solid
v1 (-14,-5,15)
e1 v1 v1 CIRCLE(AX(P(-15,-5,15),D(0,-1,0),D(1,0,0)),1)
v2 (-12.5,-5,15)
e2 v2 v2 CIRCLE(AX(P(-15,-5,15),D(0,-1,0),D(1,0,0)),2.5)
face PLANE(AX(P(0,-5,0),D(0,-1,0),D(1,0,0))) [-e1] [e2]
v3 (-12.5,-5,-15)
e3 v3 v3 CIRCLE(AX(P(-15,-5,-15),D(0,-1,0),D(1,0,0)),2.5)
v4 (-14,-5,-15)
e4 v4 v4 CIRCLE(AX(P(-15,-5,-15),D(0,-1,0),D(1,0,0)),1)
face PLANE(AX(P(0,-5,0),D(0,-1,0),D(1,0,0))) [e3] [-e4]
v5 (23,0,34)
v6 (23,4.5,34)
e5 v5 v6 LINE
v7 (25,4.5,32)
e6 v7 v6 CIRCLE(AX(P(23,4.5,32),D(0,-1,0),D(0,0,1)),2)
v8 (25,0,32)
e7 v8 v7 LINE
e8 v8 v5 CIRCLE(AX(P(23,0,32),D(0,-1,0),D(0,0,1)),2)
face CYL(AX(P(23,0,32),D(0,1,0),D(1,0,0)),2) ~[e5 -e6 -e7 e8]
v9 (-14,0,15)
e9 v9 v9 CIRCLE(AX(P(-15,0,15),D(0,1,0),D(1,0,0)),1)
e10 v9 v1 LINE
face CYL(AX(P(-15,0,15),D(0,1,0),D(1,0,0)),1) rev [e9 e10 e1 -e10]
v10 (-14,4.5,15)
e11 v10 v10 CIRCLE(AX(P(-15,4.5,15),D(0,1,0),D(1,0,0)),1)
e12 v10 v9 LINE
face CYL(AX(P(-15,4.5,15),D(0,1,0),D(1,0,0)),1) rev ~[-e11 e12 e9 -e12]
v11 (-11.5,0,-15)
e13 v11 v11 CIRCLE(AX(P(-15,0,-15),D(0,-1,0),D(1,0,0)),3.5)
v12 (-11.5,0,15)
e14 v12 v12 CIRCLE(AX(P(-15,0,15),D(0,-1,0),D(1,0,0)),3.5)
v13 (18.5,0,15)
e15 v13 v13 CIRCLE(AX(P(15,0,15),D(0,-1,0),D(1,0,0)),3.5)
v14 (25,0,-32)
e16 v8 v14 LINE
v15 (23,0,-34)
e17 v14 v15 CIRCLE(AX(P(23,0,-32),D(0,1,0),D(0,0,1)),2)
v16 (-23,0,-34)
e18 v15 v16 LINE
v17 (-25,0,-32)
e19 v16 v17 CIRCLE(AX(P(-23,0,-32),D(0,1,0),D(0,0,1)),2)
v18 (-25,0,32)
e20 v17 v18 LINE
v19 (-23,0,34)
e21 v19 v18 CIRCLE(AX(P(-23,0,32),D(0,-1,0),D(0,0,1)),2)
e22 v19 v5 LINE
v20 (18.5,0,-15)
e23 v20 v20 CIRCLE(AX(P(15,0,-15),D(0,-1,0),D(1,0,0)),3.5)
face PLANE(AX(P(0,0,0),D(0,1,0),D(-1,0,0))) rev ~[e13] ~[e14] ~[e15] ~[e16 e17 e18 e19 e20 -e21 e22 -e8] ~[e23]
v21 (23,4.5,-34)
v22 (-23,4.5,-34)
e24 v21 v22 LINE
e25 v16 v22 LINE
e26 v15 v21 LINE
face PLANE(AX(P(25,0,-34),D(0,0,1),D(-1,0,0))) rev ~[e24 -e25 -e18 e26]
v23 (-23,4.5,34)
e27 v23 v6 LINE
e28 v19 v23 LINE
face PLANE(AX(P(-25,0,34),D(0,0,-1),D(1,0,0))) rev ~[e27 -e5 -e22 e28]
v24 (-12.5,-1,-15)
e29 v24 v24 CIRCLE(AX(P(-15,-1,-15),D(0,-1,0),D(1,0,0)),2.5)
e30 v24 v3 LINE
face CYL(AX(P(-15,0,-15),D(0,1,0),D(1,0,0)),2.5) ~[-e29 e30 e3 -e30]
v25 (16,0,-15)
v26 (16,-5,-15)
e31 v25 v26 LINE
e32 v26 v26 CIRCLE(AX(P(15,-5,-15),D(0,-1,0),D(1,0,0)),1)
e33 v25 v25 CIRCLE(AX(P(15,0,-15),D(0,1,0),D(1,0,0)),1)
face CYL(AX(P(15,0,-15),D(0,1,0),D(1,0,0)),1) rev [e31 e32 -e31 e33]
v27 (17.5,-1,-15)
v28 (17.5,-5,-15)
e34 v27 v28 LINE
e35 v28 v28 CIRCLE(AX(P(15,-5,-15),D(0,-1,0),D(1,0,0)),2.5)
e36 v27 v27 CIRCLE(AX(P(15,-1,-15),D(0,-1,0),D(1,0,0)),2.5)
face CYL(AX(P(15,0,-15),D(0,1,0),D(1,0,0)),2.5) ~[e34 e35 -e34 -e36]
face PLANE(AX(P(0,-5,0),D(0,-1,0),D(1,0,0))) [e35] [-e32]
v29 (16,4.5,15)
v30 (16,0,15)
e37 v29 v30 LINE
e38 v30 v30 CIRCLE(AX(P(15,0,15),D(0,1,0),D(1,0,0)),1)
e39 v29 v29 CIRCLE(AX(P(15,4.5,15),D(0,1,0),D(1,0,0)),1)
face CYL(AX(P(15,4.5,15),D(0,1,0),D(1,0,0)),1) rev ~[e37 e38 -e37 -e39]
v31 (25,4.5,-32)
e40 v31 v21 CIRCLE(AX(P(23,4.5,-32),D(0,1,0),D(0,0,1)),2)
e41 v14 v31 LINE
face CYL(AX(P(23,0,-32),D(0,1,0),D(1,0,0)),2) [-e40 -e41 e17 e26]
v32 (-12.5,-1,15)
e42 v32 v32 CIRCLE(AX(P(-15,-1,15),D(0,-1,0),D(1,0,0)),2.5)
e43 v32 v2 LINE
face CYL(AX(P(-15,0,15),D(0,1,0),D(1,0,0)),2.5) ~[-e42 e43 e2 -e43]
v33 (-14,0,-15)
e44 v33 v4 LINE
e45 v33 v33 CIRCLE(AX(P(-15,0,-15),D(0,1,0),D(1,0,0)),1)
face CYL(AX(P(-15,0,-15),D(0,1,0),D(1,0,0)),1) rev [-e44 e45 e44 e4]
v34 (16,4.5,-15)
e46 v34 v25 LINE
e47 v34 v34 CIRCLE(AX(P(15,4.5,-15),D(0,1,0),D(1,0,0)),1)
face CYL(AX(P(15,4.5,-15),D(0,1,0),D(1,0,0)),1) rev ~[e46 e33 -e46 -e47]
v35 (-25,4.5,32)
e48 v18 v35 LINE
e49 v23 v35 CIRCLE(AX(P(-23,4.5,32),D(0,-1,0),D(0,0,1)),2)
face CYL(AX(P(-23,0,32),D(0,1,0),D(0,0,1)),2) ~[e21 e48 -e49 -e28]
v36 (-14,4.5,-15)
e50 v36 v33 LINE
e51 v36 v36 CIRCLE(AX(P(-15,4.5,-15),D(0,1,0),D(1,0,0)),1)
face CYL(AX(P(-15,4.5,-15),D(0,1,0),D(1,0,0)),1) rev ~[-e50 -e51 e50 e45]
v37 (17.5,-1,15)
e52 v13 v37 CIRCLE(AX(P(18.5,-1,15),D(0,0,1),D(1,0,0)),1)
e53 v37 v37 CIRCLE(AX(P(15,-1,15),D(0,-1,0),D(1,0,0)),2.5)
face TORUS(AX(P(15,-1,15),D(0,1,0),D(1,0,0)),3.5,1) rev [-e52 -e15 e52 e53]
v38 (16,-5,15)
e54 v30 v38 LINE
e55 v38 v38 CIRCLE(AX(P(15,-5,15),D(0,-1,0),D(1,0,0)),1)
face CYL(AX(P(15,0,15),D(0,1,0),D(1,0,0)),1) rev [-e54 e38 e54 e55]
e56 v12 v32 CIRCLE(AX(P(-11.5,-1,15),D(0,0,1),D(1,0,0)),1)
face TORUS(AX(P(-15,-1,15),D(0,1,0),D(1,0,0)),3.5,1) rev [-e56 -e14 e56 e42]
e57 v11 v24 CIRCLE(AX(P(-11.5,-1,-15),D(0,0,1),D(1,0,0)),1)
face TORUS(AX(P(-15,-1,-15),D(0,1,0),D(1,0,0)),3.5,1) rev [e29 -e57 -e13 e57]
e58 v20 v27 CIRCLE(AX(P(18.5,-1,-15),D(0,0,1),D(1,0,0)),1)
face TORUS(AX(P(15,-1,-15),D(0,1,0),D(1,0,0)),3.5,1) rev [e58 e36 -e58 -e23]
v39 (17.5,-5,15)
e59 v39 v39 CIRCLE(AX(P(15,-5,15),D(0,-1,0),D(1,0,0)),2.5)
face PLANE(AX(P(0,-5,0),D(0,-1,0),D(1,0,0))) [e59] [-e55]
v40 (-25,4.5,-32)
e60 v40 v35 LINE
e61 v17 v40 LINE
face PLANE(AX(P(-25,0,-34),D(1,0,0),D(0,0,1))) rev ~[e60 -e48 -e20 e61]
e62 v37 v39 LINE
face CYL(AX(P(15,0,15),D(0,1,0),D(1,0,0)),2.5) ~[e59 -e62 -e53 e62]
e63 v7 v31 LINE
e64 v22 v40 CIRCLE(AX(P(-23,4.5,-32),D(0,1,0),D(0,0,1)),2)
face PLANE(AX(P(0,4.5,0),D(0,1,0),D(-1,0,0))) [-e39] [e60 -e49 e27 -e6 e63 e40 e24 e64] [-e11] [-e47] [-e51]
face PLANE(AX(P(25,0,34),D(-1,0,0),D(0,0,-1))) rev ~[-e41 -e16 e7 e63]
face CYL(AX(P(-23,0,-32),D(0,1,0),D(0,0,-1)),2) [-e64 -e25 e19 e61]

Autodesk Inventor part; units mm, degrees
ref_plane "YZ Plane" through (0, 0, 0) normal (1, 0, 0) x (0, 1, 0)
ref_plane "XZ Plane" through (0, 0, 0) normal (0, 1, 0) x (-1, 0, 0)
ref_plane "XY Plane" through (0, 0, 0) normal (0, 0, 1) x (1, 0, 0)
sketch "Sketch1" plane through (0, 0, 0) normal (0, 1, 0) x (-1, 0, 0)
  line L0 (-25, -34) -> (25, -34)
  line L1 (25, -34) -> (25, 34)
  line L2 (25, 34) -> (-25, 34)
  line L3 (-25, 34) -> (-25, -34)
  line L4 (-25, -34) -> (25, 34) construction
  line L5 (25, -34) -> (-25, 34) construction
  point P0 (0, 0)
  dimension "d0" = 50
  dimension "d1" = 68
extrude "Extrusion1" add sketch "Sketch1" along normal blind 4.5
sketch "Sketch2" plane through (0, 4.5, 0) normal (0, 1, 0) x (1, 0, 0)
  circle A0 centre (-15, 15) radius 1
  circle A1 centre (15, 15) radius 1
  circle A2 centre (15, -15) radius 1
  circle A3 centre (-15, -15) radius 1
  point P0 (0, 0)
  dimension "d4" = 2
  dimension "d5" = 2
  dimension "d6" = 2
  dimension "d7" = 2
extrude "Extrusion2" cut sketch "Sketch2" against normal blind 4.5
sketch "Sketch3" plane through (0, 0, 0) normal (0, -1, 0) x (1, 0, 0)
  circle A0 centre (15, 15) radius 2.5
  circle A1 centre (-15, 15) radius 2.5
  circle A2 centre (-15, -15) radius 2.5
  circle A3 centre (15, -15) radius 2.5
  circle A4 centre (15, -15) radius 1
  circle A5 centre (15, 15) radius 1 projected
  circle A6 centre (15, 15) radius 1
  circle A7 centre (-15, 15) radius 1 projected
  circle A8 centre (-15, 15) radius 1
  circle A9 centre (-15, -15) radius 1
  point P0 (0, 0)
  dimension "d10" = 5
  dimension "d11" = 5
  dimension "d12" = 5
extrude "Extrusion3" add sketch "Sketch3" along normal blind 5
fillet "Fillet1" radius 2 4 edges at (-25, 2.25, 34) (25, 2.25, 34) (25, 2.25, -34) (-25, 2.25, -34)
fillet "Fillet2" radius 1 4 edges at (12.5, 0, -15) (12.5, 0, 15) (-17.5, 0, -15) (-17.5, 0, 15)
properties part number "feste"
